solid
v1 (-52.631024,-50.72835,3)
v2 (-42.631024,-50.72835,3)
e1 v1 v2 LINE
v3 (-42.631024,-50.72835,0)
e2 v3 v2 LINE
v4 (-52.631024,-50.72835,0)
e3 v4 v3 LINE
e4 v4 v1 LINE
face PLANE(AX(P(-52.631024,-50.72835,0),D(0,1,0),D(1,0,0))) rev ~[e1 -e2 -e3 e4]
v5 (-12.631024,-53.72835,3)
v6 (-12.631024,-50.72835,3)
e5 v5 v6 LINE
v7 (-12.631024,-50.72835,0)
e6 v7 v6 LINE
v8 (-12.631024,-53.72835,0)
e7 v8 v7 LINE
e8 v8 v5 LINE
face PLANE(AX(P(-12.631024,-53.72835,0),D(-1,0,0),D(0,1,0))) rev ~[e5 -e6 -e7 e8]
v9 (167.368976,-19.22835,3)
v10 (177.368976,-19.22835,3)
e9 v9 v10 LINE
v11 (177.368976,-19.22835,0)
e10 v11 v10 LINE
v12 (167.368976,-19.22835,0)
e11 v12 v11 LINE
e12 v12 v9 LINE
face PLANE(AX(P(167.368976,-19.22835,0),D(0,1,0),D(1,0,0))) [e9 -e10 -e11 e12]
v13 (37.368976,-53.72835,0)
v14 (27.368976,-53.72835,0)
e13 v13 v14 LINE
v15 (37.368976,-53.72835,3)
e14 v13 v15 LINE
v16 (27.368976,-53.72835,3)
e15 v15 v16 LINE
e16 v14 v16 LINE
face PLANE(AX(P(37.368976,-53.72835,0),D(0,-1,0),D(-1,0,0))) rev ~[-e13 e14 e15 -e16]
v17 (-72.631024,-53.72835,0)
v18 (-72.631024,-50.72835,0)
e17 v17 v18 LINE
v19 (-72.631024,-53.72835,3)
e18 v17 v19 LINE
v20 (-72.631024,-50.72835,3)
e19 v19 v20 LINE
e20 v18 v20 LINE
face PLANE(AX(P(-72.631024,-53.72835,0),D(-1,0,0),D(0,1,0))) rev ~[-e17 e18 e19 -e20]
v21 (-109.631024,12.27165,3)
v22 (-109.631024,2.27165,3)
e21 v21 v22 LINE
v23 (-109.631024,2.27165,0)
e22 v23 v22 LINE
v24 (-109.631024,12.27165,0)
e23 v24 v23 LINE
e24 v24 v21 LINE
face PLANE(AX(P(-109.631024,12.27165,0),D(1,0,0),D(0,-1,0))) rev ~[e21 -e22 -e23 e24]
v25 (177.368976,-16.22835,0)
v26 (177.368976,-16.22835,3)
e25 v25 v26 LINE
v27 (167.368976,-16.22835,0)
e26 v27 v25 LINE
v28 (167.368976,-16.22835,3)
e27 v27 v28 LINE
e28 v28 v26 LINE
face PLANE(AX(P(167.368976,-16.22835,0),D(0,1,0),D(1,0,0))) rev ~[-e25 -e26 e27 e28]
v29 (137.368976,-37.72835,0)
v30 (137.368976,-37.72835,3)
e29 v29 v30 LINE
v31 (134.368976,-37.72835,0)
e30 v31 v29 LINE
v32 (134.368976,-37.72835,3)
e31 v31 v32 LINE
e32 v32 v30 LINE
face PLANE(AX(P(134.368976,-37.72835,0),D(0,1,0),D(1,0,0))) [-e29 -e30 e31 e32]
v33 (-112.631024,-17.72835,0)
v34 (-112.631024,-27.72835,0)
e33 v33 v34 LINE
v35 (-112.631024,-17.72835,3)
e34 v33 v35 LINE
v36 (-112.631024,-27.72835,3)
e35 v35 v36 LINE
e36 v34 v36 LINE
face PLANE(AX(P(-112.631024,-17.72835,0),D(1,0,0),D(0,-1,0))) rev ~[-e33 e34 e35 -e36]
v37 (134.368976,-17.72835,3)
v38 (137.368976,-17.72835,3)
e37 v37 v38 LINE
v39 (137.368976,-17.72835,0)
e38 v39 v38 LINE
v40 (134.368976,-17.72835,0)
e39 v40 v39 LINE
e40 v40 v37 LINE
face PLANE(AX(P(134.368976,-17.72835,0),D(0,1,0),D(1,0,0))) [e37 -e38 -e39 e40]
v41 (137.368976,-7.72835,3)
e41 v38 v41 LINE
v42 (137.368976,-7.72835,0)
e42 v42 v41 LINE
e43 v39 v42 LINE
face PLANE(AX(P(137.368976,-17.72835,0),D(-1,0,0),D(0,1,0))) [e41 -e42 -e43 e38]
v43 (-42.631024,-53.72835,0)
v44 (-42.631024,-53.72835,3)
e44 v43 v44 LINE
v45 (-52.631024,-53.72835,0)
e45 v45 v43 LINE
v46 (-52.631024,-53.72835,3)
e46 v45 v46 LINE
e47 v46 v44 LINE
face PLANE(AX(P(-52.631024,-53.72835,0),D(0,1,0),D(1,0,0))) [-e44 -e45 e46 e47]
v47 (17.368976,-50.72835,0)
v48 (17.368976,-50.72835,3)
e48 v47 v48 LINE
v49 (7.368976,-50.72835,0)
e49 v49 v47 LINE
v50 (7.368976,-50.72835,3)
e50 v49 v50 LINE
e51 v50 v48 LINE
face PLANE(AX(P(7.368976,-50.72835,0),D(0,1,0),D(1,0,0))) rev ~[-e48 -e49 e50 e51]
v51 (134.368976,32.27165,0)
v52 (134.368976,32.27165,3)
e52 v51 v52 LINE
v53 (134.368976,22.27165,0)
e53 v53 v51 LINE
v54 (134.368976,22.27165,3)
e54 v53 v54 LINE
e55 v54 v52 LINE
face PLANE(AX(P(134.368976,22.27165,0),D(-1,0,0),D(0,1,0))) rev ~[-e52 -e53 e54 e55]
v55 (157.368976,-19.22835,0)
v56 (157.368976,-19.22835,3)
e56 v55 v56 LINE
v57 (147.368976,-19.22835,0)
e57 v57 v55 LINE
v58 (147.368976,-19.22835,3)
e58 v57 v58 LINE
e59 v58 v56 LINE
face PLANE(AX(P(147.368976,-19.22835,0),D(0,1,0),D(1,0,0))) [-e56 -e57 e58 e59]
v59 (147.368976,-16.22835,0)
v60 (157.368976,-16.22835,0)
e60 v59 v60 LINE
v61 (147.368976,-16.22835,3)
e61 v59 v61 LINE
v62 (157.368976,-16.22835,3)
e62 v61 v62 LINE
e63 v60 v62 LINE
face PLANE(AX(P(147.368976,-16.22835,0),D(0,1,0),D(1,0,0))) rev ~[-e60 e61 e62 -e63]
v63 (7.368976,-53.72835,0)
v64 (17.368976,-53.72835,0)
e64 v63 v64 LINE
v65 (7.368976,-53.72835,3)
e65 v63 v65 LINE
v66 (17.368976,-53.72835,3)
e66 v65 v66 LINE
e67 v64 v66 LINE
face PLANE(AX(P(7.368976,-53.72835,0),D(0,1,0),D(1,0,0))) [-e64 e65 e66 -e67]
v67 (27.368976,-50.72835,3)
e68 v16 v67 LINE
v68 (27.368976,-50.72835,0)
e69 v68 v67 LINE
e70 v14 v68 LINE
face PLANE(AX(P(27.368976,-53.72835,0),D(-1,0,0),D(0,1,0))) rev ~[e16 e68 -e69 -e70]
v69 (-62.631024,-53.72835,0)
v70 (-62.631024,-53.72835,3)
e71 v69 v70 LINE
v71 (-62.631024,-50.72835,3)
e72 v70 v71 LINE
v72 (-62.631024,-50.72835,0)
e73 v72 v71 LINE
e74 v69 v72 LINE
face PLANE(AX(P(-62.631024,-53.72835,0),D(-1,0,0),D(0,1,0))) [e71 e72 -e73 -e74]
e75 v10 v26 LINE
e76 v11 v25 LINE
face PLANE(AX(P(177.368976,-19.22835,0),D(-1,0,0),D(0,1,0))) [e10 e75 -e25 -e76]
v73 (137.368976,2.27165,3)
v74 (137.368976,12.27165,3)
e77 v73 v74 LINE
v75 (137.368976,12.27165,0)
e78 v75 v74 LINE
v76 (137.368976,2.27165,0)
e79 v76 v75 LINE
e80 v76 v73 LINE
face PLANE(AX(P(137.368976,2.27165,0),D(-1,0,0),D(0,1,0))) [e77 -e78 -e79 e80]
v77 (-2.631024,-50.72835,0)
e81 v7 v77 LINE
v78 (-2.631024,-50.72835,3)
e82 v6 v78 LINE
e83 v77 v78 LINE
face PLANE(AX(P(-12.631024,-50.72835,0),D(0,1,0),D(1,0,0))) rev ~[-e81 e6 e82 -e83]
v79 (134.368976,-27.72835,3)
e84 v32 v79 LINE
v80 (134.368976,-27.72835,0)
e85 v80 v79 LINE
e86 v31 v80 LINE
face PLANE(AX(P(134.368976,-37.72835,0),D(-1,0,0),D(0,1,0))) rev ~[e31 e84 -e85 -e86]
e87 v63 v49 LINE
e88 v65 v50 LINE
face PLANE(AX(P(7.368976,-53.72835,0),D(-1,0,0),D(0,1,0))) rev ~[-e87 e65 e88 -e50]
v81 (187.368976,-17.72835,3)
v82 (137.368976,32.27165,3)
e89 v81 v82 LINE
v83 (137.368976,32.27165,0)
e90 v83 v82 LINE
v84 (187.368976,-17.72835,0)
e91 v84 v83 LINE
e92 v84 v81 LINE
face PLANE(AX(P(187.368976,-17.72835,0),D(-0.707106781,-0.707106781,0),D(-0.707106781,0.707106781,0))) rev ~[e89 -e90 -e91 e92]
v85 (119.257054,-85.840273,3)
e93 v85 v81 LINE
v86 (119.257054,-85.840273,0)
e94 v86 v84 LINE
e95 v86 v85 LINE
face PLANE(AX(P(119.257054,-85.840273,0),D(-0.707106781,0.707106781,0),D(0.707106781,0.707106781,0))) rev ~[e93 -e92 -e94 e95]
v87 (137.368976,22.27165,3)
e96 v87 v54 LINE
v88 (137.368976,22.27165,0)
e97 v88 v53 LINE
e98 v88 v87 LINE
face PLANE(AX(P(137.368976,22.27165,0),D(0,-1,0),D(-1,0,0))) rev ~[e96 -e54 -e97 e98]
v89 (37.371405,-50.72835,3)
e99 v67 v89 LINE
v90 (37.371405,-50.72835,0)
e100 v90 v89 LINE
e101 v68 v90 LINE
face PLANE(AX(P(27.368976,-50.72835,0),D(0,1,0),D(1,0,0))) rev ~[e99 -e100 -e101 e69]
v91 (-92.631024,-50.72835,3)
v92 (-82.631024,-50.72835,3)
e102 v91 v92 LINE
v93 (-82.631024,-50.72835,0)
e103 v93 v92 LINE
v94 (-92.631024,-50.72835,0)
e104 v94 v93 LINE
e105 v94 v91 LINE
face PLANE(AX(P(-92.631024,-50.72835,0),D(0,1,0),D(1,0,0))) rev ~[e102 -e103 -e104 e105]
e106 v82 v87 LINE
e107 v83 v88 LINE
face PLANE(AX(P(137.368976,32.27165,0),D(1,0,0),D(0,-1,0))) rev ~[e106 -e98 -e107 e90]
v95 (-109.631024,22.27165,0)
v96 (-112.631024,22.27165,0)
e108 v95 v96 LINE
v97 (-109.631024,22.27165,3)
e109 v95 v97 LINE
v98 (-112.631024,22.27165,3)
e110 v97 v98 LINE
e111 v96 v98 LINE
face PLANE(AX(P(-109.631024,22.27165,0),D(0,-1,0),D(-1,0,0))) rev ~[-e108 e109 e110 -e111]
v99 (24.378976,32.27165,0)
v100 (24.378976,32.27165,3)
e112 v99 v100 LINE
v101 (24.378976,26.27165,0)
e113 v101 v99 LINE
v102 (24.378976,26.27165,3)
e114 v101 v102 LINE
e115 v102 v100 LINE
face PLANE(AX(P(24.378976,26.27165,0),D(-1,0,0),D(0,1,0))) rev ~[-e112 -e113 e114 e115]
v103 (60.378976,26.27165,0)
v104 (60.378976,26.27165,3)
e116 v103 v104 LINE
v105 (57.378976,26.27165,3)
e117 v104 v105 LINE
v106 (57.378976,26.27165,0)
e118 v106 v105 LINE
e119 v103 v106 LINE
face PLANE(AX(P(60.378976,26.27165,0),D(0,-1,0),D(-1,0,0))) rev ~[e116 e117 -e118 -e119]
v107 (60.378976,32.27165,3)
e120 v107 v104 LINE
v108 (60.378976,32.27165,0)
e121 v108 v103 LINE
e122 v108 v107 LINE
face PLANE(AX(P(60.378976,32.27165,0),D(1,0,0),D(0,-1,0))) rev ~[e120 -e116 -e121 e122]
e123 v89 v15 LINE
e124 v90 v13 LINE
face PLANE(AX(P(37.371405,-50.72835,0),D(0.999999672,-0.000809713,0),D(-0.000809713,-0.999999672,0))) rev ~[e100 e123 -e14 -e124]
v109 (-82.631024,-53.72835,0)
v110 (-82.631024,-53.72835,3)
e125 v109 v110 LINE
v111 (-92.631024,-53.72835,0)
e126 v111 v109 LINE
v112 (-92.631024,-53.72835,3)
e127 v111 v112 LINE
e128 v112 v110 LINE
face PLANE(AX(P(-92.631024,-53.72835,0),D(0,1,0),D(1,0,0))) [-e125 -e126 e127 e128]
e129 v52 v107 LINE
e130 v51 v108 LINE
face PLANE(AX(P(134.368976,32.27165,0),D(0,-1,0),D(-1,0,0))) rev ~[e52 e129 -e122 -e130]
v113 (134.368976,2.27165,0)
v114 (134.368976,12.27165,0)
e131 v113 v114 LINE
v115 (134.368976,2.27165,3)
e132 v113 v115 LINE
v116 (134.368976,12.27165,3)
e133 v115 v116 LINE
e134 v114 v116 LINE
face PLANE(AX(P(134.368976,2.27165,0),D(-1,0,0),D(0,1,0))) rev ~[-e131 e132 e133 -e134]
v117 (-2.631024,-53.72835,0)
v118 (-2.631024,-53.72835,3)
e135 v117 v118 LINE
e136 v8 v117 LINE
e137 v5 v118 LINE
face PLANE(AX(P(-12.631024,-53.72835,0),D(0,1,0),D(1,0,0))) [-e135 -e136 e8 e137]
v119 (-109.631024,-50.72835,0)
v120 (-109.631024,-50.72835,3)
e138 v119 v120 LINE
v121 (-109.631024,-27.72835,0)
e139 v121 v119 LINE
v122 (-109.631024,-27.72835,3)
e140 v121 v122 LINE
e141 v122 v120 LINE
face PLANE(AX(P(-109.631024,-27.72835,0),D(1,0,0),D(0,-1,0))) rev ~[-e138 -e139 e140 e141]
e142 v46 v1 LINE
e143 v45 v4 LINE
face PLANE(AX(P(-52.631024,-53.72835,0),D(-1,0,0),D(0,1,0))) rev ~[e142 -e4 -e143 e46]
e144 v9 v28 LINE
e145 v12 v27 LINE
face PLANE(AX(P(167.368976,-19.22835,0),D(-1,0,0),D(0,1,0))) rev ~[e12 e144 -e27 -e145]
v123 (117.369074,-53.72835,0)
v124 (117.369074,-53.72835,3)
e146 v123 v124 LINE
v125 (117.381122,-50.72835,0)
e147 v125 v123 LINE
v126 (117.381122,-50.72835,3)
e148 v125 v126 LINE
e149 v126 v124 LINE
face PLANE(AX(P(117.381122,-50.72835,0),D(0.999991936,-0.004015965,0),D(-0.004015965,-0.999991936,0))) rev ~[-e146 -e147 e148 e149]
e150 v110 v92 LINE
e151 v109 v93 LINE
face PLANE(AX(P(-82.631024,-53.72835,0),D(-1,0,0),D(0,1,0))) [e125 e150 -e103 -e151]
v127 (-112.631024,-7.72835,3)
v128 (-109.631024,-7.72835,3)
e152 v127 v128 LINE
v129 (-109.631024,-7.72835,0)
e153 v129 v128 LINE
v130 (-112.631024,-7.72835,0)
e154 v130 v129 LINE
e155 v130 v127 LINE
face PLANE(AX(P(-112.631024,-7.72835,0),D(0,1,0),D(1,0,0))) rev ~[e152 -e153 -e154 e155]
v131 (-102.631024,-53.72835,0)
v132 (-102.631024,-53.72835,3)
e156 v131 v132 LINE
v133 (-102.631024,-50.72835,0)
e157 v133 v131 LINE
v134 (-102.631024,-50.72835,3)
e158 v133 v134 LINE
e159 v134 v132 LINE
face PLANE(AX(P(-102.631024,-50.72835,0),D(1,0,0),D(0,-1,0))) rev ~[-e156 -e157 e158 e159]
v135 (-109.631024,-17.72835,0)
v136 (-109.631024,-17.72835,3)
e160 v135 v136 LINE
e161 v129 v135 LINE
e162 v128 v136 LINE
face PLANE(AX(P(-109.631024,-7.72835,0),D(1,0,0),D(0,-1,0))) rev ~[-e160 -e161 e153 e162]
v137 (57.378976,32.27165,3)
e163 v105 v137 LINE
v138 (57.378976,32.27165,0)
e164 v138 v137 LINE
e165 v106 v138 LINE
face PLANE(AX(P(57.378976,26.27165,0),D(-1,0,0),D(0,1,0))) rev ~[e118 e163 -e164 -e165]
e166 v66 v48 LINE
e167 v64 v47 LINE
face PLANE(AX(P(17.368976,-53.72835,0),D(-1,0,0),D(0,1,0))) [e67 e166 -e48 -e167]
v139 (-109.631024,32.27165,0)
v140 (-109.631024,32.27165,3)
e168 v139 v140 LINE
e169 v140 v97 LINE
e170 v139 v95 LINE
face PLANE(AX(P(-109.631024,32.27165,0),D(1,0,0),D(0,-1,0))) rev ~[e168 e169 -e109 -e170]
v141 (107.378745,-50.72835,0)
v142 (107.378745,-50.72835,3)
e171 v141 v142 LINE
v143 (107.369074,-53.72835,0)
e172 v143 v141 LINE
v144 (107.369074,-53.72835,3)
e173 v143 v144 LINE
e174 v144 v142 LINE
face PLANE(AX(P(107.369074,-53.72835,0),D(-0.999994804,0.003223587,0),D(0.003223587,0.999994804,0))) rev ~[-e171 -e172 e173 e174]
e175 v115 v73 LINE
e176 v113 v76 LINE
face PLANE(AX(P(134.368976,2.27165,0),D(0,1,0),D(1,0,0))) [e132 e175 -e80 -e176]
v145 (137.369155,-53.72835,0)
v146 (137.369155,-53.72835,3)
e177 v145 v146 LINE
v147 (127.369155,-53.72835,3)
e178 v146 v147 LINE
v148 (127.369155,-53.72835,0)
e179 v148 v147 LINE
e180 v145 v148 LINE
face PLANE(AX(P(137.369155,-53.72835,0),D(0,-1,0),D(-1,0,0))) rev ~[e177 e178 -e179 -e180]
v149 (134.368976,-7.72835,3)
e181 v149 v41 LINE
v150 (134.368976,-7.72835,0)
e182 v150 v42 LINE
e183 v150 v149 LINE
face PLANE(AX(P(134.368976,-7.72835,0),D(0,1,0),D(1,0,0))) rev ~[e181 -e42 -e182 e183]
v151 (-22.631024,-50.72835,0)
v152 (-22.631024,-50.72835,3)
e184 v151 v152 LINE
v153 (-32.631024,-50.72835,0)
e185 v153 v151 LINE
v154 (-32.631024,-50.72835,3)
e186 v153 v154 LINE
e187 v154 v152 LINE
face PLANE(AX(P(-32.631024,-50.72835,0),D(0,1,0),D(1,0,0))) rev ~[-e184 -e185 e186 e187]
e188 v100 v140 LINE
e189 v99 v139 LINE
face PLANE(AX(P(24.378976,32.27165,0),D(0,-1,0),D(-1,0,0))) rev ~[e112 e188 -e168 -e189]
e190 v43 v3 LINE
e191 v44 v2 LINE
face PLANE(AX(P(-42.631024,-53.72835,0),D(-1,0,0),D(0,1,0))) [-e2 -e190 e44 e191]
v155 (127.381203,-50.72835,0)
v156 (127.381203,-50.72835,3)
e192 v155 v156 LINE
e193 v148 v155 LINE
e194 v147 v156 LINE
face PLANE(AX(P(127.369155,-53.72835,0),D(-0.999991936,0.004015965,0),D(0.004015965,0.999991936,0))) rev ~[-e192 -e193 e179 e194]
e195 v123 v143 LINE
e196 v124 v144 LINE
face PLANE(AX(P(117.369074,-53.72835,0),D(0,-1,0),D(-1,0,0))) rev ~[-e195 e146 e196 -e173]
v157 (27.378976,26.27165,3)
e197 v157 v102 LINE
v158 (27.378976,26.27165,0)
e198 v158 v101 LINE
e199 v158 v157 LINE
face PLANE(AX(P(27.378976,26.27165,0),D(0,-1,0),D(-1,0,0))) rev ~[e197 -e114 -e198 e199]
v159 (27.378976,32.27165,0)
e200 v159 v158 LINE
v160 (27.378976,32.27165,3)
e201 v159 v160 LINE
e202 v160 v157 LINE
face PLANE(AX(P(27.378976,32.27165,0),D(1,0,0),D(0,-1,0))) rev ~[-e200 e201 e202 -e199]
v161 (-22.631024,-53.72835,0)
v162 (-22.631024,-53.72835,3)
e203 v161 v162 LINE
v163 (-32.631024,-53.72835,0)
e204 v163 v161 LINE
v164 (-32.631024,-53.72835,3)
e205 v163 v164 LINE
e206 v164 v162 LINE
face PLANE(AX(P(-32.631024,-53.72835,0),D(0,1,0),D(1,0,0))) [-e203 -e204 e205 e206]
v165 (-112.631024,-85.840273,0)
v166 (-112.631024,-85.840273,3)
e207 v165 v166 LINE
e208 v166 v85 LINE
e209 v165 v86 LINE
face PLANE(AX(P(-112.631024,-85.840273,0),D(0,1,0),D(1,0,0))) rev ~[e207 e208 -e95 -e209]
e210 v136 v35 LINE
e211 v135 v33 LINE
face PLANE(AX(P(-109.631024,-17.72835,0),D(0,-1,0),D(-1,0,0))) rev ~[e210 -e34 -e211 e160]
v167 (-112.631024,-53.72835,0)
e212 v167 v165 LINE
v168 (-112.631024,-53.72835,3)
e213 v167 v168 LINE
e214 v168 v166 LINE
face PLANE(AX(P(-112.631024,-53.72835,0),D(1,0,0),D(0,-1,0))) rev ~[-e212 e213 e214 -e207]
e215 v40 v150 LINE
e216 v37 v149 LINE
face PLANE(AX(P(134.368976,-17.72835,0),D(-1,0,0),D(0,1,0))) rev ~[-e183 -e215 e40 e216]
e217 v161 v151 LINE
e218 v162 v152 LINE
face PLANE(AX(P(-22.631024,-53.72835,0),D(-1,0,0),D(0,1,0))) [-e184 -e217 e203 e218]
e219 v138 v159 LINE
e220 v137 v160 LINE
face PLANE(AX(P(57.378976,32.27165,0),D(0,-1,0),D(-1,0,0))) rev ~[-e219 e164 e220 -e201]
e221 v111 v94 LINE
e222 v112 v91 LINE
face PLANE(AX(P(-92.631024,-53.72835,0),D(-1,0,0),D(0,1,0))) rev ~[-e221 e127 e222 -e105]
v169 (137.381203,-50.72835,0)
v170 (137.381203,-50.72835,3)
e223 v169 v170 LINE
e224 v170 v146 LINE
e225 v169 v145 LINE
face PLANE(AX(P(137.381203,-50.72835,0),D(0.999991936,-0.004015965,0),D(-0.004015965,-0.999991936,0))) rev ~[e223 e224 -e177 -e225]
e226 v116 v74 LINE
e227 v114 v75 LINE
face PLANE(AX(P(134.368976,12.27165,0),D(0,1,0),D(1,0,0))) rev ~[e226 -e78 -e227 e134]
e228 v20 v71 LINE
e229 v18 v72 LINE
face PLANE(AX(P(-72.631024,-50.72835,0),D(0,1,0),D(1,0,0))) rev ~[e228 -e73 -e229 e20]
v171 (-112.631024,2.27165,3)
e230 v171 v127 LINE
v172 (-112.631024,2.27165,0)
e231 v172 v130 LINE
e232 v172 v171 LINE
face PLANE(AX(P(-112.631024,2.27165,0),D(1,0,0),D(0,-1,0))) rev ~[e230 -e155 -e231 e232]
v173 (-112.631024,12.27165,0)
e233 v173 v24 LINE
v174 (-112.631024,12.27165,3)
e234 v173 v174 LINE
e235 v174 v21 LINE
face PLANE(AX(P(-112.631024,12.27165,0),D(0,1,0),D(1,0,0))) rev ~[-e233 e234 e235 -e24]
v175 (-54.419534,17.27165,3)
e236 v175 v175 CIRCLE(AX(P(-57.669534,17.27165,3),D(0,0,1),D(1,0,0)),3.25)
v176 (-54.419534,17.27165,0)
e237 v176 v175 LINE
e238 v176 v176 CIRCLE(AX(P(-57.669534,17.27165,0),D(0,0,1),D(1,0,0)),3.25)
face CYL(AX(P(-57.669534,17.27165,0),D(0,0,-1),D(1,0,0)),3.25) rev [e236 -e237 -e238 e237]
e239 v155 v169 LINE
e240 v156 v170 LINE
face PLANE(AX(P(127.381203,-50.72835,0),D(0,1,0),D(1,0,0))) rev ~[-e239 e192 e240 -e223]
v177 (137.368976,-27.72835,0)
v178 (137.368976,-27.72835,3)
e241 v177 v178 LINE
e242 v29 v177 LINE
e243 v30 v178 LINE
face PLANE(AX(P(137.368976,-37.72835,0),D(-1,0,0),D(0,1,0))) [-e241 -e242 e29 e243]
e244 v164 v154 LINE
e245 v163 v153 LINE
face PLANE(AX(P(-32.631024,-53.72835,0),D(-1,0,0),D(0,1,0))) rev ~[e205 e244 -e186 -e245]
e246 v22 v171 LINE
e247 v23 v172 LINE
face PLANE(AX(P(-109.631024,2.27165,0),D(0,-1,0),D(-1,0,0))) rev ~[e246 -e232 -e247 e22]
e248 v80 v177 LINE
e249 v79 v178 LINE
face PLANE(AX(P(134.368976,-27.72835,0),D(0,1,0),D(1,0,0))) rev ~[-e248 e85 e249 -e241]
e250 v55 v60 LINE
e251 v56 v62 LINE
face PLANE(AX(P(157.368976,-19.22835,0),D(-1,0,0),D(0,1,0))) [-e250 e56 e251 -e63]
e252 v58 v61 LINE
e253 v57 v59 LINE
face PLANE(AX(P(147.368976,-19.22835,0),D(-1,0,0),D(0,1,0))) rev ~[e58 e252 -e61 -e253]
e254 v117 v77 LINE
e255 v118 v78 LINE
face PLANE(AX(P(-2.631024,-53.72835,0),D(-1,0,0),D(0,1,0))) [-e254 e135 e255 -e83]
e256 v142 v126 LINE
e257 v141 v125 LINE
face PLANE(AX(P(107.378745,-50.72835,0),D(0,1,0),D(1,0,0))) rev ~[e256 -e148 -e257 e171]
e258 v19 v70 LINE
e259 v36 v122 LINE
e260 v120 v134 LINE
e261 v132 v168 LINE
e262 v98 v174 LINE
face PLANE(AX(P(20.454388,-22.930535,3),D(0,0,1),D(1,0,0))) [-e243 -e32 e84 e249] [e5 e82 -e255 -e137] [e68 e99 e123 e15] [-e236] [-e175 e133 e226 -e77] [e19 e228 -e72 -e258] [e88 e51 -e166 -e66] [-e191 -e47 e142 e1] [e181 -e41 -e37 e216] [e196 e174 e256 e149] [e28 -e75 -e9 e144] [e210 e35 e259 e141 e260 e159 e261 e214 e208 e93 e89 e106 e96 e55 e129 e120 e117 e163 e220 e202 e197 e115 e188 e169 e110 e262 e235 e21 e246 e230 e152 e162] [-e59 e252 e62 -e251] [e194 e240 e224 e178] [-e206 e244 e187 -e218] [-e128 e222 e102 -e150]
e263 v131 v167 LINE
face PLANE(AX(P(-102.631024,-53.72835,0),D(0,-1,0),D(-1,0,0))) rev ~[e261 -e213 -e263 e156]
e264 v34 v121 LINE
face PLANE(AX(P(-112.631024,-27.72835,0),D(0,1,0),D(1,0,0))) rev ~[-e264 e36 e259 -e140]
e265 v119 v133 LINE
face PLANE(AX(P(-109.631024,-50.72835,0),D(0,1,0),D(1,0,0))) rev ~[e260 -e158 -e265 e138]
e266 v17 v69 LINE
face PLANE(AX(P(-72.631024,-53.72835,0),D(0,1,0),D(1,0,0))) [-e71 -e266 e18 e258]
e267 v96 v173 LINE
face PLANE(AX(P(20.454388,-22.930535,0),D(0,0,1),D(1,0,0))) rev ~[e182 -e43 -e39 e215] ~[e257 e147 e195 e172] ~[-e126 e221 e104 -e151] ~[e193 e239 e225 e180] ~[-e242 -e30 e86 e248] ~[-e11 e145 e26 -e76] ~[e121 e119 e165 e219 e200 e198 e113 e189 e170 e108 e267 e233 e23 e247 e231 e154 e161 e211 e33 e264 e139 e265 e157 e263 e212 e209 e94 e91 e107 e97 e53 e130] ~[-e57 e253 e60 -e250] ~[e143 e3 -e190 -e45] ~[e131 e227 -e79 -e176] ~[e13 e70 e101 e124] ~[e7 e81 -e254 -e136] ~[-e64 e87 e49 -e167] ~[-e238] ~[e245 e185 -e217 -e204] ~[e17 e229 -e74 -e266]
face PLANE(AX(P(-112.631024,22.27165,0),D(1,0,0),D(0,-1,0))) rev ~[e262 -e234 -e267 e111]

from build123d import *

# Parameters (mm, degrees)
SKETCH1_W           = 10
SKETCH1_H           = 3
SKETCH1_W_2         = 3
SKETCH1_H_2         = 10
SKETCH1_R           = 3.25
BOSS_EXTRUDE1_DEPTH = 3


with BuildPart() as part:
    # Sketch1 → Boss-Extrude1 (new body)
    with BuildSketch(Plane.XY):
        Polygon((-112.631023813, -53.728350242), (-112.631023813, -63.840272517), (-112.631023813, -85.840272517), (119.257053912, -85.840272517), (137.368976187, -67.728350242), (187.368976187, -17.728350242), (137.368976187, 32.271649758), (137.368976187, 22.271649758), (134.368976187, 22.271649758), (134.368976187, 32.271649758), (60.378976187, 32.271649758), (60.378976187, 26.271649758), (57.378976187, 26.271649758), (57.378976187, 32.271649758), (42.378976187, 32.271649758), (27.378976187, 32.271649758), (27.378976187, 26.271649758), (24.378976187, 26.271649758), (24.378976187, 32.271649758), (-62.631023813, 32.271649758), (-109.631023813, 32.271649758), (-109.631023813, 22.271649758), (-112.631023813, 22.271649758), (-112.631023813, 12.271649758), (-109.631023813, 12.271649758), (-109.631023813, 2.271649758), (-112.631023813, 2.271649758), (-112.631023813, -7.728350242), (-109.631023813, -7.728350242), (-109.631023813, -17.728350242), (-112.631023813, -17.728350242), (-112.631023813, -27.728350242), (-109.631023813, -27.728350242), (-109.631023813, -50.728350242), (-102.631023813, -50.728350242), (-102.631023813, -53.728350242), align=None)
        with Locations((-87.631023813, -52.228350242)):
            Rectangle(SKETCH1_W, SKETCH1_H, mode=Mode.SUBTRACT)
        with Locations((-67.631023813, -52.228350242)):
            Rectangle(SKETCH1_W, SKETCH1_H, mode=Mode.SUBTRACT)
        with Locations((-47.631023813, -52.228350242)):
            Rectangle(SKETCH1_W, SKETCH1_H, mode=Mode.SUBTRACT)
        with Locations((-27.631023813, -52.228350242)):
            Rectangle(SKETCH1_W, SKETCH1_H, mode=Mode.SUBTRACT)
        with Locations((-7.631023813, -52.228350242)):
            Rectangle(SKETCH1_W, SKETCH1_H, mode=Mode.SUBTRACT)
        with Locations((12.368976187, -52.228350242)):
            Rectangle(SKETCH1_W, SKETCH1_H, mode=Mode.SUBTRACT)
        Polygon((27.368976187, -50.728350242), (37.371405326, -50.728350242), (37.368976187, -53.728350242), (27.368976187, -53.728350242), align=None, mode=Mode.SUBTRACT)
        Polygon((107.3787447, -50.728350242), (117.381121881, -50.728350242), (117.369073889, -53.728350242), (107.369073889, -53.728350242), align=None, mode=Mode.SUBTRACT)
        Polygon((127.381202522, -50.728350242), (137.381202522, -50.728350242), (137.36915453, -53.728350242), (127.36915453, -53.728350242), align=None, mode=Mode.SUBTRACT)
        with Locations((135.868976187, -32.728350242)):
            Rectangle(SKETCH1_W_2, SKETCH1_H_2, mode=Mode.SUBTRACT)
        with Locations((-57.669534365, 17.271649758)):
            Circle(SKETCH1_R, mode=Mode.SUBTRACT)
        with Locations((135.868976187, -12.728350242)):
            Rectangle(SKETCH1_W_2, SKETCH1_H_2, mode=Mode.SUBTRACT)
        with Locations((152.368976187, -17.728350242)):
            Rectangle(SKETCH1_W, SKETCH1_H, mode=Mode.SUBTRACT)
        with Locations((172.368976187, -17.728350242)):
            Rectangle(SKETCH1_W, SKETCH1_H, mode=Mode.SUBTRACT)
        with Locations((135.868976187, 7.271649758)):
            Rectangle(SKETCH1_W_2, SKETCH1_H_2, mode=Mode.SUBTRACT)
    extrude(amount=BOSS_EXTRUDE1_DEPTH)


solid = part.part
